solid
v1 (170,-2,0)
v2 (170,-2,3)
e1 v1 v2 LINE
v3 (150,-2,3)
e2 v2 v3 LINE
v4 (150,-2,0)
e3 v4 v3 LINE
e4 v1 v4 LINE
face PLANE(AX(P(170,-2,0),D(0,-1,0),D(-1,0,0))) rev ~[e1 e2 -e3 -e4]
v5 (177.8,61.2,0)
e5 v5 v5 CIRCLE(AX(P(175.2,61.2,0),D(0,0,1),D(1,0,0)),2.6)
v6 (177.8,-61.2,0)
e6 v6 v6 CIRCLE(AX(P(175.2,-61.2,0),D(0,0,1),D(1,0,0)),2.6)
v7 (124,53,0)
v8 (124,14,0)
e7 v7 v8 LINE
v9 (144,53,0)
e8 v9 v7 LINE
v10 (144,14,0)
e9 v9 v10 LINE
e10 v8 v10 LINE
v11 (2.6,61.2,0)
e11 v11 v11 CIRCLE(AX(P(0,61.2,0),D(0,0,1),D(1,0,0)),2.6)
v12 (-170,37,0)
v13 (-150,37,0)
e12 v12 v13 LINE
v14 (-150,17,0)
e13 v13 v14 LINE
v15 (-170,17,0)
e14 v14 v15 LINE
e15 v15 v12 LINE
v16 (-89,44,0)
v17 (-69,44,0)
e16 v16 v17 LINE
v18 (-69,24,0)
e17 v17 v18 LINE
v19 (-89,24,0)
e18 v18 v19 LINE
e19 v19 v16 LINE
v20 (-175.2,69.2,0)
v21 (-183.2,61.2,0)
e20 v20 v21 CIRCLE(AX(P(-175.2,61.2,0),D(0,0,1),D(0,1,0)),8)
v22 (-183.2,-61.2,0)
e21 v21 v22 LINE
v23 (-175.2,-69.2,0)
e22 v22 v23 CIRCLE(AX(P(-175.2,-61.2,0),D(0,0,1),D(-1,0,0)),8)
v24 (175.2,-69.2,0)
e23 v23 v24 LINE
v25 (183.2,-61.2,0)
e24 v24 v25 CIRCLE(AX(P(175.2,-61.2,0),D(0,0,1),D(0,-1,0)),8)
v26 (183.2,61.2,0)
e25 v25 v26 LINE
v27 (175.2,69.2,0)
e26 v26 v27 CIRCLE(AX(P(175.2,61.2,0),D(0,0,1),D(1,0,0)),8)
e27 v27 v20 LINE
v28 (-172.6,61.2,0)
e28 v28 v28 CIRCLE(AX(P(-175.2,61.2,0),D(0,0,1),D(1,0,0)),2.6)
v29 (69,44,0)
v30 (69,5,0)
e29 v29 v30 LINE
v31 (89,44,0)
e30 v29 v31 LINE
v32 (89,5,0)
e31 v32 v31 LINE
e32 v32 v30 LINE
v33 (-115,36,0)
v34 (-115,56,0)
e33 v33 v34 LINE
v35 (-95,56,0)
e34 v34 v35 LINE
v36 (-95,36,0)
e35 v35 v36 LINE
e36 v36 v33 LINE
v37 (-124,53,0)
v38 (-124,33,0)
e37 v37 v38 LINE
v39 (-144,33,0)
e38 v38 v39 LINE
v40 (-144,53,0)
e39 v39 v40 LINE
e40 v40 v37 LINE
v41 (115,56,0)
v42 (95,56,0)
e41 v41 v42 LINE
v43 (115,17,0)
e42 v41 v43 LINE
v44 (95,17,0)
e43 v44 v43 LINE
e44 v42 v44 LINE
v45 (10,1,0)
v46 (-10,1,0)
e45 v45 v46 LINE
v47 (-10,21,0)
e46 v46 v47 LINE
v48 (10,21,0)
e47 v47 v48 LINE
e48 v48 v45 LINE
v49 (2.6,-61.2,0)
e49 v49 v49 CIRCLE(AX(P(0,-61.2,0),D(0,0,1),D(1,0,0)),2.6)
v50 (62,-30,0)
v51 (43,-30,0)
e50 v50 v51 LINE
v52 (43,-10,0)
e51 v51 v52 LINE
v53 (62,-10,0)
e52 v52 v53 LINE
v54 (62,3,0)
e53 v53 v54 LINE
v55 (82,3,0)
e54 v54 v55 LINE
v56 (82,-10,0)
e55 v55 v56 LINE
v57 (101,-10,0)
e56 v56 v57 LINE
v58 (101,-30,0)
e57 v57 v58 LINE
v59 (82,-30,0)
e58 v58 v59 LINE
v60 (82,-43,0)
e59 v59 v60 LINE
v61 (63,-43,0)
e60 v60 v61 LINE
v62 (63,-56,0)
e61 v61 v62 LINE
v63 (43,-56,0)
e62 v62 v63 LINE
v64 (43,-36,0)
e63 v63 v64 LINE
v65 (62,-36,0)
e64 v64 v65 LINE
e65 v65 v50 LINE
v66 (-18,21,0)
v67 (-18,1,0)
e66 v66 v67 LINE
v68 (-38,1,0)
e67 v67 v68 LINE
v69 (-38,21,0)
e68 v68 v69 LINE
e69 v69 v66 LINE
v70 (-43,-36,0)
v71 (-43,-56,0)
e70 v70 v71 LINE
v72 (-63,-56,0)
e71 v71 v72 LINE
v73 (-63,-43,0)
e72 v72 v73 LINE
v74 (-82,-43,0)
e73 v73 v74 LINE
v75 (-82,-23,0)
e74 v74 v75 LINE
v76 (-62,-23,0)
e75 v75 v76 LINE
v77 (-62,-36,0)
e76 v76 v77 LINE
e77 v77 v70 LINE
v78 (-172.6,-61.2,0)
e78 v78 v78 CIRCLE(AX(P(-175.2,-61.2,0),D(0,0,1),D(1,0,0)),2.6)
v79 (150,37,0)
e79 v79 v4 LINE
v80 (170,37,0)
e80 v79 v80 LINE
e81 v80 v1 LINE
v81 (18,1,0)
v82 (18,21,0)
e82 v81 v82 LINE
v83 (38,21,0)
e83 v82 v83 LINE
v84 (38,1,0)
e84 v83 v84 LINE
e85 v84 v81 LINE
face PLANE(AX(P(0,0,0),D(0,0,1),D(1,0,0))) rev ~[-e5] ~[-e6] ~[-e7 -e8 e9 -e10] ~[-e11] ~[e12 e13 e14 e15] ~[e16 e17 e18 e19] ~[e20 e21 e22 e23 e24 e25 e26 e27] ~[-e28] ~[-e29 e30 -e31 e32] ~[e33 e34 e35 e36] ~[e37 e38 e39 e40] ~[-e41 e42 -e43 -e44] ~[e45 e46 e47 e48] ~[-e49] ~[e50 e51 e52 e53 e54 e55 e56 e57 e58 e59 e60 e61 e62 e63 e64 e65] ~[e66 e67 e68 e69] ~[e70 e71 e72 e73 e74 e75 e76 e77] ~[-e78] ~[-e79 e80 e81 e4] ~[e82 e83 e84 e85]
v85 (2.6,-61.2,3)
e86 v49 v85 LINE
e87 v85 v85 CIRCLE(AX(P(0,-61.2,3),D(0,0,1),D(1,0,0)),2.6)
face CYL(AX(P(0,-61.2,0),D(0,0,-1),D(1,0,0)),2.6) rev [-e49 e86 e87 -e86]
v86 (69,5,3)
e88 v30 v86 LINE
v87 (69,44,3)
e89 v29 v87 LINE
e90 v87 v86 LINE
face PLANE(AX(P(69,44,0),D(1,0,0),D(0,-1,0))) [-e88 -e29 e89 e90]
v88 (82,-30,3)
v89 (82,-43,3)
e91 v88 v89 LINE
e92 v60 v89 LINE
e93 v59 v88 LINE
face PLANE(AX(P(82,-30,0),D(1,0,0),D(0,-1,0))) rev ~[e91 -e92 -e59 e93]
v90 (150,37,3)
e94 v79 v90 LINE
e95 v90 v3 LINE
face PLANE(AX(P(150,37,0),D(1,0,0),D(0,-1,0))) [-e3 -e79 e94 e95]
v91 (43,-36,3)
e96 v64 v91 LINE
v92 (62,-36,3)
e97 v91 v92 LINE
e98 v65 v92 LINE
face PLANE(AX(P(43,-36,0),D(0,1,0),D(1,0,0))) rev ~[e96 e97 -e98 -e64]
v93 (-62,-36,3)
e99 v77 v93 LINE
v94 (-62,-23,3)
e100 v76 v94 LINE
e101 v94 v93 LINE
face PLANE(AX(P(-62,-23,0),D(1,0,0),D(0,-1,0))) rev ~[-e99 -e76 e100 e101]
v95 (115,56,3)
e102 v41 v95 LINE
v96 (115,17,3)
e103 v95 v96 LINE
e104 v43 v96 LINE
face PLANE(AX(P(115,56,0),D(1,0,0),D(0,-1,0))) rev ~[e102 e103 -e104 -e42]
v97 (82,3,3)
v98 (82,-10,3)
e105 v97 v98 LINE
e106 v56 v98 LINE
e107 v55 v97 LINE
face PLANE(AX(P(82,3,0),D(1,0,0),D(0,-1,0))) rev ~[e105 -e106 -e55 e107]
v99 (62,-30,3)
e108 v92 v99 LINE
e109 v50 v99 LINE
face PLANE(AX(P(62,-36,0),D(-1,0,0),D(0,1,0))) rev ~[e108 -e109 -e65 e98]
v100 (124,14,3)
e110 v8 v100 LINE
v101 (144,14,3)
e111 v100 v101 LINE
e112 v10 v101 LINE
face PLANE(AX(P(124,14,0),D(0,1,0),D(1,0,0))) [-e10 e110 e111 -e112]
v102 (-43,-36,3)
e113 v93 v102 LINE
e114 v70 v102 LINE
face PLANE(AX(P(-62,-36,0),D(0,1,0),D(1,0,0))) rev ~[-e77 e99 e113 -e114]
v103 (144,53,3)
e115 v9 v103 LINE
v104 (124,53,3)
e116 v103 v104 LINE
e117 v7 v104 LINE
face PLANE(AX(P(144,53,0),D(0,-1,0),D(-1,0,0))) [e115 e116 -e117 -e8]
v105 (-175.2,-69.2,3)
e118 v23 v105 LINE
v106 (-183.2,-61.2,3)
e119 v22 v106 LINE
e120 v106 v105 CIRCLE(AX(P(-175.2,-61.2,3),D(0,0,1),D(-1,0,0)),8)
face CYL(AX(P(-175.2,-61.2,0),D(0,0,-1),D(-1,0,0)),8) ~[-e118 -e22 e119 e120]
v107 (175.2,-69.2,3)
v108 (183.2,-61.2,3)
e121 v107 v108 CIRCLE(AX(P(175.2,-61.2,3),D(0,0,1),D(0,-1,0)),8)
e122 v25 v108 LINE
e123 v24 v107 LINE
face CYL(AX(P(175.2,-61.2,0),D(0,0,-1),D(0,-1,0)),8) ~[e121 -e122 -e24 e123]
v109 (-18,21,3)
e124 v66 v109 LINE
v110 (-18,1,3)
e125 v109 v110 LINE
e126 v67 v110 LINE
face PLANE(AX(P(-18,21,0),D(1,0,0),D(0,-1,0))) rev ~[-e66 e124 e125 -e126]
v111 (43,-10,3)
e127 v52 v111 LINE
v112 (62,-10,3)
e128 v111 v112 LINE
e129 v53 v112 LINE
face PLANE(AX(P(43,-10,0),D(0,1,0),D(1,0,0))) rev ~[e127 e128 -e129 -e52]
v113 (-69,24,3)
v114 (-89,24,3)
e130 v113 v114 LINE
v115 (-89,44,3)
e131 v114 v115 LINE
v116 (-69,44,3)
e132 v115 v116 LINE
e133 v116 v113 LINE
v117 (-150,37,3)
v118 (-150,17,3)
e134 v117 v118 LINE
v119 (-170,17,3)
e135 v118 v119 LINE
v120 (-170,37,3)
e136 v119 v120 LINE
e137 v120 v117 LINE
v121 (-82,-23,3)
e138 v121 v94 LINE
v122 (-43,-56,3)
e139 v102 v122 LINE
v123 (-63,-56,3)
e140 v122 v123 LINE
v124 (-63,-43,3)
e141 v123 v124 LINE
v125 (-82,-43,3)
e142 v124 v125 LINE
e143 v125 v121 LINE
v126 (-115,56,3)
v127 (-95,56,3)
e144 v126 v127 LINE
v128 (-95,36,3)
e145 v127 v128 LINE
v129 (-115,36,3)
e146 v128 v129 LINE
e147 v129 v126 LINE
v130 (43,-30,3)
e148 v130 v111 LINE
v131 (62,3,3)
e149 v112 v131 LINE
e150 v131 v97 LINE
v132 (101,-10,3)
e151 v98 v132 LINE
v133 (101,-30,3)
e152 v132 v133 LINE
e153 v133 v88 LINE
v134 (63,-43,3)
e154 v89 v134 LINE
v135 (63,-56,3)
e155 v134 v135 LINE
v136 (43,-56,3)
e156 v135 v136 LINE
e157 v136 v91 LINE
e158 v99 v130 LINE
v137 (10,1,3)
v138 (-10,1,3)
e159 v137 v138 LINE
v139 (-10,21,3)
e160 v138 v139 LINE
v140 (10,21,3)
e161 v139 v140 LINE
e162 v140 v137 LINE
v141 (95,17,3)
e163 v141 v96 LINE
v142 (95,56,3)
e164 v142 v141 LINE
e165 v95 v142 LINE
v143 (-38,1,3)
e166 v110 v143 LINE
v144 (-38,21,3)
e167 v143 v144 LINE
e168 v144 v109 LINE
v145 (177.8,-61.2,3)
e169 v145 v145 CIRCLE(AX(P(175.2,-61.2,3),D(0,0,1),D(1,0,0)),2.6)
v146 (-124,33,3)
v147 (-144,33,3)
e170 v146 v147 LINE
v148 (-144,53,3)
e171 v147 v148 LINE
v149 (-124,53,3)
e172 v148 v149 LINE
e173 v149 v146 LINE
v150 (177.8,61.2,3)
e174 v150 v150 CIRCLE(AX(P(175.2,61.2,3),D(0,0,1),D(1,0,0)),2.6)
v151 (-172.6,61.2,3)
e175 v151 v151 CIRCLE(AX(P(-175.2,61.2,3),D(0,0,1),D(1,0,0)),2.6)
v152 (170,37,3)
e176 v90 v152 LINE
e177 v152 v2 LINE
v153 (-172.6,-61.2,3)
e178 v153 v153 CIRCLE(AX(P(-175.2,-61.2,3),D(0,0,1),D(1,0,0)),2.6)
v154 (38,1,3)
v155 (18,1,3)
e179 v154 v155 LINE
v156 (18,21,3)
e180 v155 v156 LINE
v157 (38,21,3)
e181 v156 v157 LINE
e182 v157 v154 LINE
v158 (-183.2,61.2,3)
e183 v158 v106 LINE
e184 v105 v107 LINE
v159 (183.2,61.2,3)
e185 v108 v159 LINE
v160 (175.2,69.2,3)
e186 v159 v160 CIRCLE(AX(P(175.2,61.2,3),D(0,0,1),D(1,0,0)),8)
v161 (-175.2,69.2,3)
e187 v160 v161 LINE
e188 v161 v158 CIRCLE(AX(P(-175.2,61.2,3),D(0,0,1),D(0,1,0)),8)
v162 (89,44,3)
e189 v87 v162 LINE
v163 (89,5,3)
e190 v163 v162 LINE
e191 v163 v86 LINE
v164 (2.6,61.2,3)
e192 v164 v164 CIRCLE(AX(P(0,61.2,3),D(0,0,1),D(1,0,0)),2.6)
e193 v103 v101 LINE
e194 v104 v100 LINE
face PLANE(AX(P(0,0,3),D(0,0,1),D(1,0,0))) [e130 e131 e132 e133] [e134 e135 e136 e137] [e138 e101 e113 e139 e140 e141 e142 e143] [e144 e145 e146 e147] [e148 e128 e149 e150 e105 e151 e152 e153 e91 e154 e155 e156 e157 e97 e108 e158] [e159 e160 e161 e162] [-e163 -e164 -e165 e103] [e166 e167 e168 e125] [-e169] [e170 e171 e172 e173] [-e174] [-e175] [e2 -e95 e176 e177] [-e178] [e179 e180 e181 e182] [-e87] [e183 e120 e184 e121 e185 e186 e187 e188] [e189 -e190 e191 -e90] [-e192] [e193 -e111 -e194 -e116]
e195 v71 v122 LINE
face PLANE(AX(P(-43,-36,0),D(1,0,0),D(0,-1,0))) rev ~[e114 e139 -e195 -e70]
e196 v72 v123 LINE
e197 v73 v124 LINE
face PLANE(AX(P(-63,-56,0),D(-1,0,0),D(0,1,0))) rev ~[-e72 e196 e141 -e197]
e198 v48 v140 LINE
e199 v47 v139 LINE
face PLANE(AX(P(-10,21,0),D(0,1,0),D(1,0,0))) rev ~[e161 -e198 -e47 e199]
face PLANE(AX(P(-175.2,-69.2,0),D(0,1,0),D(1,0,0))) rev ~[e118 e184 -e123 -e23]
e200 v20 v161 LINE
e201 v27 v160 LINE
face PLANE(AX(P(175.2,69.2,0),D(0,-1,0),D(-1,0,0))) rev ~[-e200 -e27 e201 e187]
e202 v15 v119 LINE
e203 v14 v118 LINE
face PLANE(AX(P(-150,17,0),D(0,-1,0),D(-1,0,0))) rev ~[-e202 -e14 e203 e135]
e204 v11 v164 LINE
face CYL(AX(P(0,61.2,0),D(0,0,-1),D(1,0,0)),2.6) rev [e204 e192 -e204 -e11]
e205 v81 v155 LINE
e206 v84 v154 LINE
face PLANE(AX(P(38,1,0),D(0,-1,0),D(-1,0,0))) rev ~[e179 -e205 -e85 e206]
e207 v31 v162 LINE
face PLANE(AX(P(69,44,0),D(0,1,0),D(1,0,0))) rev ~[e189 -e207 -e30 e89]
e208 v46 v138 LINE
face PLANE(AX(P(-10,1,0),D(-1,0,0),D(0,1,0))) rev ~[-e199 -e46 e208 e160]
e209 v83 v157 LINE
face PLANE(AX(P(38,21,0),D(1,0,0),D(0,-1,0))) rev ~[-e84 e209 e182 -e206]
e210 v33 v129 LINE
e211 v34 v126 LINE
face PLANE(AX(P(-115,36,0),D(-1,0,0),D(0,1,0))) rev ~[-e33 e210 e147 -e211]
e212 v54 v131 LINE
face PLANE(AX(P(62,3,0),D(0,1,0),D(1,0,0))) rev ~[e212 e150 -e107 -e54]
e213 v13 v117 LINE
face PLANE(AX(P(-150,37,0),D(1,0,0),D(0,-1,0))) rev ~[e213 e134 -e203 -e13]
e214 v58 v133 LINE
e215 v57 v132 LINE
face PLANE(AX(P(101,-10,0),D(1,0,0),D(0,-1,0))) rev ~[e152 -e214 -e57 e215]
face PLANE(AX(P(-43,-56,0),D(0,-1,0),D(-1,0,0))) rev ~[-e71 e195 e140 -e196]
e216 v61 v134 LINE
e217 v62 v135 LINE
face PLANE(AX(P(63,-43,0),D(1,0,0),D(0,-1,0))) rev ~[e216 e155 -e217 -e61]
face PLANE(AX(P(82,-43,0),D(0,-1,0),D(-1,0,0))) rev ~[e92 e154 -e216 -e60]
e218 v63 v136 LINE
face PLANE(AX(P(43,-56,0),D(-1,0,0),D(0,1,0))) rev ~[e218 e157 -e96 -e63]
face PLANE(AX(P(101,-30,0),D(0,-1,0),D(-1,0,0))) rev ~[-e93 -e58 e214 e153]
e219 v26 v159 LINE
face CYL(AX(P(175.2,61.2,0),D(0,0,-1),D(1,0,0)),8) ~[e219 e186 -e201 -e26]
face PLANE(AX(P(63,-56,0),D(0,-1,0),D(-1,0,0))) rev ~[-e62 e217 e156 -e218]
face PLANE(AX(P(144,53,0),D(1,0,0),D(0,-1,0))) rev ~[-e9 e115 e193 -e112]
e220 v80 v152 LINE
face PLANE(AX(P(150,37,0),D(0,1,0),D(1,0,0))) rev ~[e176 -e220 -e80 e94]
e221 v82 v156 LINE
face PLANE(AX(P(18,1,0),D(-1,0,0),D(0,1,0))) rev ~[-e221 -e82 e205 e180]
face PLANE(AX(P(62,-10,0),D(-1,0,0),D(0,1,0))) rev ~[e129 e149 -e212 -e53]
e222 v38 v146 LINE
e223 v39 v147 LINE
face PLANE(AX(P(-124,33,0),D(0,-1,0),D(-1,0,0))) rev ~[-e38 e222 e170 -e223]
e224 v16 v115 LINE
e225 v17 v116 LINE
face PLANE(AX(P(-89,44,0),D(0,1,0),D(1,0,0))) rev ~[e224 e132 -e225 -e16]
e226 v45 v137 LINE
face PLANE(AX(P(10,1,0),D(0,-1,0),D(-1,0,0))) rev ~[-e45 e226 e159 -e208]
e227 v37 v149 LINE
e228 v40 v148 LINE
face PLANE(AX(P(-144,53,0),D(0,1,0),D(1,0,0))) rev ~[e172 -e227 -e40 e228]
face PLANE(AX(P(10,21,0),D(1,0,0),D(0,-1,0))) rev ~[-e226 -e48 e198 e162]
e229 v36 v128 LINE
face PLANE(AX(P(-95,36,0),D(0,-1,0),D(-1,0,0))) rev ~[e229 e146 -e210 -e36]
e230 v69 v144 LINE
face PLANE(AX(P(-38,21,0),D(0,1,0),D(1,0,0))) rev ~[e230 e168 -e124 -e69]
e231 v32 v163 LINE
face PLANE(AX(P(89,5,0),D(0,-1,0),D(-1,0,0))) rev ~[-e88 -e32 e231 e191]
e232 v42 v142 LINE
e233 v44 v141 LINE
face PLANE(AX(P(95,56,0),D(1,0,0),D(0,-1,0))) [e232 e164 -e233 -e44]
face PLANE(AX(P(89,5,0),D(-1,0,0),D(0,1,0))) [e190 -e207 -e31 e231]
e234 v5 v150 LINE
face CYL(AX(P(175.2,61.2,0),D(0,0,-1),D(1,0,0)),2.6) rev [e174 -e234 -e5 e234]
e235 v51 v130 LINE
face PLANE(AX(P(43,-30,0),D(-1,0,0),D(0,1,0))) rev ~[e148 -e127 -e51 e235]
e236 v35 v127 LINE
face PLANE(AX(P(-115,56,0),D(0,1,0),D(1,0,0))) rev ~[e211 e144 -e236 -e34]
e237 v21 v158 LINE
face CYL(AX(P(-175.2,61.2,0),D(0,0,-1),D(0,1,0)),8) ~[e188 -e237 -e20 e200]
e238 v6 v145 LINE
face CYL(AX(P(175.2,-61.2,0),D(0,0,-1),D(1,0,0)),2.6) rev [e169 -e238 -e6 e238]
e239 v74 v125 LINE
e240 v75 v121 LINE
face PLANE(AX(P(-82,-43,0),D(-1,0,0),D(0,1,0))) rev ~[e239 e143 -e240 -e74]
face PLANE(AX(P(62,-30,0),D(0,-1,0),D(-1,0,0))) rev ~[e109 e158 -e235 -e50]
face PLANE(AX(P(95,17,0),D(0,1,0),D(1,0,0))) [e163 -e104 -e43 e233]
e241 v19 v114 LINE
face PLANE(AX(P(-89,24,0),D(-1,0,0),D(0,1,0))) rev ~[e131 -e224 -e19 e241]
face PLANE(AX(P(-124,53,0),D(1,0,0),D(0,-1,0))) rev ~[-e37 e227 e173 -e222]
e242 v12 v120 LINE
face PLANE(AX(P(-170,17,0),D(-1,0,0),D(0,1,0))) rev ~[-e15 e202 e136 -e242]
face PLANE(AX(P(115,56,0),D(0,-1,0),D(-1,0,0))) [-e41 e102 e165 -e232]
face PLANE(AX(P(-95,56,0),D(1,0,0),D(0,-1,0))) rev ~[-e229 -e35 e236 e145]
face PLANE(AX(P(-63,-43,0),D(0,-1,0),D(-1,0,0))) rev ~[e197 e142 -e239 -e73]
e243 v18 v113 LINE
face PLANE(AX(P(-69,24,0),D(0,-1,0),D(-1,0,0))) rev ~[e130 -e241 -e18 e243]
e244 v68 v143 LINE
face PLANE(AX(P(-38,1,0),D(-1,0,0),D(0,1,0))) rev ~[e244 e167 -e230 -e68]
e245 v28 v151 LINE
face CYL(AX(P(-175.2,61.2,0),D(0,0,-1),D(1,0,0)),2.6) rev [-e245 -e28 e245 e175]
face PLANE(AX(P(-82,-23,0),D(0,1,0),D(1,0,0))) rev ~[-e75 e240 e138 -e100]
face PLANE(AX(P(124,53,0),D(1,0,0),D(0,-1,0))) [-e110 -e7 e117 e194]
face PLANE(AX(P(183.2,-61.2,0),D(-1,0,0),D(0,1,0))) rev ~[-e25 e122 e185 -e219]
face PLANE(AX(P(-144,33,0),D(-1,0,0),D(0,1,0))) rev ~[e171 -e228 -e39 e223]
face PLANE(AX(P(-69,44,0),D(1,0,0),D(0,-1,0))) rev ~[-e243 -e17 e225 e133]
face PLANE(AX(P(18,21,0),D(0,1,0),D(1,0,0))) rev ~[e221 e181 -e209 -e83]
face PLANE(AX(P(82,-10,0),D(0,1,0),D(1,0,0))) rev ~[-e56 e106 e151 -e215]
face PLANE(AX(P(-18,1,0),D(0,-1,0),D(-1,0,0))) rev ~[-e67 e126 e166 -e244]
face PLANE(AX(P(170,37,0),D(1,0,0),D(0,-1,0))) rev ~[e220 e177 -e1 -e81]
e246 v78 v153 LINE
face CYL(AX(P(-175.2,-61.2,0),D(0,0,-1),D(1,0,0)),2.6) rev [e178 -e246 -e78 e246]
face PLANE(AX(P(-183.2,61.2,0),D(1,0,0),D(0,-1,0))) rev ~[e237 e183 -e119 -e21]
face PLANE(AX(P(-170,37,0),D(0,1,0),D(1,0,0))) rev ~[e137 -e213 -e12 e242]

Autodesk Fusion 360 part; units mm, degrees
sketch "Refrence" plane through (0, 0, 0) normal (0, 0, 1) x (1, 0, 0)
  line L0 (183.2, 69.2) -> (-183.2, 69.2)
  line L1 (-183.2, 69.2) -> (-183.2, -69.2)
  line L2 (-183.2, -69.2) -> (183.2, -69.2)
  line L3 (183.2, -69.2) -> (183.2, 69.2)
  dimension "d1" = 366.4
  dimension "d2" = 138.4
sketch "Top Panel" plane through (0, 0, 0) normal (0, 0, 1) x (1, 0, 0)
  line L0 (150, 37) -> (170, 37)
  line L1 (170, -2) -> (150, -2)
  line L2 (124, 14) -> (144, 14)
  line L3 (144, 53) -> (124, 53)
  line L4 (115, 56) -> (95, 56)
  line L5 (95, 17) -> (115, 17)
  line L6 (69, 44) -> (89, 44)
  line L7 (89, 5) -> (69, 5)
  line L8 (62, 3) -> (82, 3)
  line L9 (82, 3) -> (82, -10)
  line L10 (62, -10) -> (62, 3)
  line L11 (43, -10) -> (62, -10)
  line L12 (62, -30) -> (43, -30)
  line L13 (43, -30) -> (43, -10)
  line L14 (82, -30) -> (82, -43)
  line L15 (82, -43) -> (63, -43)
  line L16 (62, -36) -> (62, -30)
  line L17 (82, -10) -> (101, -10)
  line L18 (101, -10) -> (101, -30)
  line L19 (101, -30) -> (82, -30)
  line L20 (43, -36) -> (62, -36)
  line L21 (63, -43) -> (63, -56)
  line L22 (63, -56) -> (43, -56)
  line L23 (43, -56) -> (43, -36)
  line L24 (18, 21) -> (38, 21)
  line L25 (38, 21) -> (38, 1)
  line L26 (38, 1) -> (18, 1)
  line L27 (18, 1) -> (18, 21)
  line L28 (-10, 21) -> (10, 21)
  line L29 (10, 21) -> (10, 1)
  line L30 (10, 1) -> (-10, 1)
  line L31 (-10, 1) -> (-10, 21)
  line L32 (-38, 21) -> (-18, 21)
  line L33 (-18, 21) -> (-18, 1)
  line L34 (-18, 1) -> (-38, 1)
  line L35 (-38, 1) -> (-38, 21)
  line L36 (-62, -36) -> (-43, -36)
  line L37 (-43, -36) -> (-43, -56)
  line L38 (-43, -56) -> (-63, -56)
  line L39 (-63, -56) -> (-63, -43)
  line L40 (-82, -23) -> (-62, -23)
  line L41 (-62, -23) -> (-62, -36)
  line L42 (-63, -43) -> (-82, -43)
  line L43 (-82, -43) -> (-82, -23)
  line L44 (-89, 44) -> (-69, 44)
  line L45 (-69, 44) -> (-69, 24)
  line L46 (-69, 24) -> (-89, 24)
  line L47 (-89, 24) -> (-89, 44)
  line L48 (-115, 56) -> (-95, 56)
  line L49 (-95, 56) -> (-95, 36)
  line L50 (-95, 36) -> (-115, 36)
  line L51 (-115, 36) -> (-115, 56)
  line L52 (-144, 53) -> (-124, 53)
  line L53 (-124, 53) -> (-124, 33)
  line L54 (-124, 33) -> (-144, 33)
  line L55 (-144, 33) -> (-144, 53)
  line L56 (-170, 37) -> (-150, 37)
  line L57 (-150, 37) -> (-150, 17)
  line L58 (-150, 17) -> (-170, 17)
  line L59 (-170, 17) -> (-170, 37)
  line L60 (69, 44) -> (69, 5)
  line L61 (89, 5) -> (89, 44)
  line L62 (95, 56) -> (95, 17)
  line L63 (115, 56) -> (115, 17)
  line L64 (124, 53) -> (124, 14)
  line L65 (144, 53) -> (144, 14)
  line L66 (150, 37) -> (150, -2)
  line L67 (170, 37) -> (170, -2)
  line L68 (175.2, 69.2) -> (-175.2, 69.2)
  line L69 (-183.2, 61.2) -> (-183.2, -61.2)
  line L70 (-175.2, -69.2) -> (175.2, -69.2)
  line L71 (183.2, -61.2) -> (183.2, 61.2)
  arc A0 (-175.2, 69.2) -> (-183.2, 61.2) centre (-175.2, 61.2) ccw
  arc A1 (183.2, 61.2) -> (175.2, 69.2) centre (175.2, 61.2) ccw
  arc A2 (175.2, -69.2) -> (183.2, -61.2) centre (175.2, -61.2) ccw
  arc A3 (-183.2, -61.2) -> (-175.2, -69.2) centre (-175.2, -61.2) ccw
  circle A4 centre (0, 61.2) radius 2.6
  circle A5 centre (-175.2, 61.2) radius 2.6
  circle A6 centre (-175.2, -61.2) radius 2.6
  circle A7 centre (0, -61.2) radius 2.6
  circle A8 centre (175.2, -61.2) radius 2.6
  circle A9 centre (175.2, 61.2) radius 2.6
  point P0 (160, 27)
  point P1 (160, 8)
  point P2 (134, 24)
  point P3 (134, 43)
  point P4 (105, 46)
  point P5 (105, 27)
  point P6 (79, 34)
  point P7 (79, 15)
  point P8 (72, -7)
  point P9 (53, -20)
  point P10 (72, -33)
  point P11 (91, -20)
  point P12 (53, -46)
  point P13 (28, 11)
  point P14 (0, 11)
  point P15 (-28, 11)
  point P16 (-53, -46)
  point P17 (-72, -33)
  point P18 (-79, 34)
  point P19 (-105, 46)
  point P20 (-134, 43)
  point P21 (-160, 27)
  dimension "d3" = 8
  dimension "d6" = 5.2
  dimension "d7" = 5.2
  dimension "d8" = 5.2
  dimension "d9" = 5.2
  dimension "d10" = 5.2
  dimension "d11" = 5.2
extrude "Extrude1" add sketch "Top Panel" along normal blind 3
